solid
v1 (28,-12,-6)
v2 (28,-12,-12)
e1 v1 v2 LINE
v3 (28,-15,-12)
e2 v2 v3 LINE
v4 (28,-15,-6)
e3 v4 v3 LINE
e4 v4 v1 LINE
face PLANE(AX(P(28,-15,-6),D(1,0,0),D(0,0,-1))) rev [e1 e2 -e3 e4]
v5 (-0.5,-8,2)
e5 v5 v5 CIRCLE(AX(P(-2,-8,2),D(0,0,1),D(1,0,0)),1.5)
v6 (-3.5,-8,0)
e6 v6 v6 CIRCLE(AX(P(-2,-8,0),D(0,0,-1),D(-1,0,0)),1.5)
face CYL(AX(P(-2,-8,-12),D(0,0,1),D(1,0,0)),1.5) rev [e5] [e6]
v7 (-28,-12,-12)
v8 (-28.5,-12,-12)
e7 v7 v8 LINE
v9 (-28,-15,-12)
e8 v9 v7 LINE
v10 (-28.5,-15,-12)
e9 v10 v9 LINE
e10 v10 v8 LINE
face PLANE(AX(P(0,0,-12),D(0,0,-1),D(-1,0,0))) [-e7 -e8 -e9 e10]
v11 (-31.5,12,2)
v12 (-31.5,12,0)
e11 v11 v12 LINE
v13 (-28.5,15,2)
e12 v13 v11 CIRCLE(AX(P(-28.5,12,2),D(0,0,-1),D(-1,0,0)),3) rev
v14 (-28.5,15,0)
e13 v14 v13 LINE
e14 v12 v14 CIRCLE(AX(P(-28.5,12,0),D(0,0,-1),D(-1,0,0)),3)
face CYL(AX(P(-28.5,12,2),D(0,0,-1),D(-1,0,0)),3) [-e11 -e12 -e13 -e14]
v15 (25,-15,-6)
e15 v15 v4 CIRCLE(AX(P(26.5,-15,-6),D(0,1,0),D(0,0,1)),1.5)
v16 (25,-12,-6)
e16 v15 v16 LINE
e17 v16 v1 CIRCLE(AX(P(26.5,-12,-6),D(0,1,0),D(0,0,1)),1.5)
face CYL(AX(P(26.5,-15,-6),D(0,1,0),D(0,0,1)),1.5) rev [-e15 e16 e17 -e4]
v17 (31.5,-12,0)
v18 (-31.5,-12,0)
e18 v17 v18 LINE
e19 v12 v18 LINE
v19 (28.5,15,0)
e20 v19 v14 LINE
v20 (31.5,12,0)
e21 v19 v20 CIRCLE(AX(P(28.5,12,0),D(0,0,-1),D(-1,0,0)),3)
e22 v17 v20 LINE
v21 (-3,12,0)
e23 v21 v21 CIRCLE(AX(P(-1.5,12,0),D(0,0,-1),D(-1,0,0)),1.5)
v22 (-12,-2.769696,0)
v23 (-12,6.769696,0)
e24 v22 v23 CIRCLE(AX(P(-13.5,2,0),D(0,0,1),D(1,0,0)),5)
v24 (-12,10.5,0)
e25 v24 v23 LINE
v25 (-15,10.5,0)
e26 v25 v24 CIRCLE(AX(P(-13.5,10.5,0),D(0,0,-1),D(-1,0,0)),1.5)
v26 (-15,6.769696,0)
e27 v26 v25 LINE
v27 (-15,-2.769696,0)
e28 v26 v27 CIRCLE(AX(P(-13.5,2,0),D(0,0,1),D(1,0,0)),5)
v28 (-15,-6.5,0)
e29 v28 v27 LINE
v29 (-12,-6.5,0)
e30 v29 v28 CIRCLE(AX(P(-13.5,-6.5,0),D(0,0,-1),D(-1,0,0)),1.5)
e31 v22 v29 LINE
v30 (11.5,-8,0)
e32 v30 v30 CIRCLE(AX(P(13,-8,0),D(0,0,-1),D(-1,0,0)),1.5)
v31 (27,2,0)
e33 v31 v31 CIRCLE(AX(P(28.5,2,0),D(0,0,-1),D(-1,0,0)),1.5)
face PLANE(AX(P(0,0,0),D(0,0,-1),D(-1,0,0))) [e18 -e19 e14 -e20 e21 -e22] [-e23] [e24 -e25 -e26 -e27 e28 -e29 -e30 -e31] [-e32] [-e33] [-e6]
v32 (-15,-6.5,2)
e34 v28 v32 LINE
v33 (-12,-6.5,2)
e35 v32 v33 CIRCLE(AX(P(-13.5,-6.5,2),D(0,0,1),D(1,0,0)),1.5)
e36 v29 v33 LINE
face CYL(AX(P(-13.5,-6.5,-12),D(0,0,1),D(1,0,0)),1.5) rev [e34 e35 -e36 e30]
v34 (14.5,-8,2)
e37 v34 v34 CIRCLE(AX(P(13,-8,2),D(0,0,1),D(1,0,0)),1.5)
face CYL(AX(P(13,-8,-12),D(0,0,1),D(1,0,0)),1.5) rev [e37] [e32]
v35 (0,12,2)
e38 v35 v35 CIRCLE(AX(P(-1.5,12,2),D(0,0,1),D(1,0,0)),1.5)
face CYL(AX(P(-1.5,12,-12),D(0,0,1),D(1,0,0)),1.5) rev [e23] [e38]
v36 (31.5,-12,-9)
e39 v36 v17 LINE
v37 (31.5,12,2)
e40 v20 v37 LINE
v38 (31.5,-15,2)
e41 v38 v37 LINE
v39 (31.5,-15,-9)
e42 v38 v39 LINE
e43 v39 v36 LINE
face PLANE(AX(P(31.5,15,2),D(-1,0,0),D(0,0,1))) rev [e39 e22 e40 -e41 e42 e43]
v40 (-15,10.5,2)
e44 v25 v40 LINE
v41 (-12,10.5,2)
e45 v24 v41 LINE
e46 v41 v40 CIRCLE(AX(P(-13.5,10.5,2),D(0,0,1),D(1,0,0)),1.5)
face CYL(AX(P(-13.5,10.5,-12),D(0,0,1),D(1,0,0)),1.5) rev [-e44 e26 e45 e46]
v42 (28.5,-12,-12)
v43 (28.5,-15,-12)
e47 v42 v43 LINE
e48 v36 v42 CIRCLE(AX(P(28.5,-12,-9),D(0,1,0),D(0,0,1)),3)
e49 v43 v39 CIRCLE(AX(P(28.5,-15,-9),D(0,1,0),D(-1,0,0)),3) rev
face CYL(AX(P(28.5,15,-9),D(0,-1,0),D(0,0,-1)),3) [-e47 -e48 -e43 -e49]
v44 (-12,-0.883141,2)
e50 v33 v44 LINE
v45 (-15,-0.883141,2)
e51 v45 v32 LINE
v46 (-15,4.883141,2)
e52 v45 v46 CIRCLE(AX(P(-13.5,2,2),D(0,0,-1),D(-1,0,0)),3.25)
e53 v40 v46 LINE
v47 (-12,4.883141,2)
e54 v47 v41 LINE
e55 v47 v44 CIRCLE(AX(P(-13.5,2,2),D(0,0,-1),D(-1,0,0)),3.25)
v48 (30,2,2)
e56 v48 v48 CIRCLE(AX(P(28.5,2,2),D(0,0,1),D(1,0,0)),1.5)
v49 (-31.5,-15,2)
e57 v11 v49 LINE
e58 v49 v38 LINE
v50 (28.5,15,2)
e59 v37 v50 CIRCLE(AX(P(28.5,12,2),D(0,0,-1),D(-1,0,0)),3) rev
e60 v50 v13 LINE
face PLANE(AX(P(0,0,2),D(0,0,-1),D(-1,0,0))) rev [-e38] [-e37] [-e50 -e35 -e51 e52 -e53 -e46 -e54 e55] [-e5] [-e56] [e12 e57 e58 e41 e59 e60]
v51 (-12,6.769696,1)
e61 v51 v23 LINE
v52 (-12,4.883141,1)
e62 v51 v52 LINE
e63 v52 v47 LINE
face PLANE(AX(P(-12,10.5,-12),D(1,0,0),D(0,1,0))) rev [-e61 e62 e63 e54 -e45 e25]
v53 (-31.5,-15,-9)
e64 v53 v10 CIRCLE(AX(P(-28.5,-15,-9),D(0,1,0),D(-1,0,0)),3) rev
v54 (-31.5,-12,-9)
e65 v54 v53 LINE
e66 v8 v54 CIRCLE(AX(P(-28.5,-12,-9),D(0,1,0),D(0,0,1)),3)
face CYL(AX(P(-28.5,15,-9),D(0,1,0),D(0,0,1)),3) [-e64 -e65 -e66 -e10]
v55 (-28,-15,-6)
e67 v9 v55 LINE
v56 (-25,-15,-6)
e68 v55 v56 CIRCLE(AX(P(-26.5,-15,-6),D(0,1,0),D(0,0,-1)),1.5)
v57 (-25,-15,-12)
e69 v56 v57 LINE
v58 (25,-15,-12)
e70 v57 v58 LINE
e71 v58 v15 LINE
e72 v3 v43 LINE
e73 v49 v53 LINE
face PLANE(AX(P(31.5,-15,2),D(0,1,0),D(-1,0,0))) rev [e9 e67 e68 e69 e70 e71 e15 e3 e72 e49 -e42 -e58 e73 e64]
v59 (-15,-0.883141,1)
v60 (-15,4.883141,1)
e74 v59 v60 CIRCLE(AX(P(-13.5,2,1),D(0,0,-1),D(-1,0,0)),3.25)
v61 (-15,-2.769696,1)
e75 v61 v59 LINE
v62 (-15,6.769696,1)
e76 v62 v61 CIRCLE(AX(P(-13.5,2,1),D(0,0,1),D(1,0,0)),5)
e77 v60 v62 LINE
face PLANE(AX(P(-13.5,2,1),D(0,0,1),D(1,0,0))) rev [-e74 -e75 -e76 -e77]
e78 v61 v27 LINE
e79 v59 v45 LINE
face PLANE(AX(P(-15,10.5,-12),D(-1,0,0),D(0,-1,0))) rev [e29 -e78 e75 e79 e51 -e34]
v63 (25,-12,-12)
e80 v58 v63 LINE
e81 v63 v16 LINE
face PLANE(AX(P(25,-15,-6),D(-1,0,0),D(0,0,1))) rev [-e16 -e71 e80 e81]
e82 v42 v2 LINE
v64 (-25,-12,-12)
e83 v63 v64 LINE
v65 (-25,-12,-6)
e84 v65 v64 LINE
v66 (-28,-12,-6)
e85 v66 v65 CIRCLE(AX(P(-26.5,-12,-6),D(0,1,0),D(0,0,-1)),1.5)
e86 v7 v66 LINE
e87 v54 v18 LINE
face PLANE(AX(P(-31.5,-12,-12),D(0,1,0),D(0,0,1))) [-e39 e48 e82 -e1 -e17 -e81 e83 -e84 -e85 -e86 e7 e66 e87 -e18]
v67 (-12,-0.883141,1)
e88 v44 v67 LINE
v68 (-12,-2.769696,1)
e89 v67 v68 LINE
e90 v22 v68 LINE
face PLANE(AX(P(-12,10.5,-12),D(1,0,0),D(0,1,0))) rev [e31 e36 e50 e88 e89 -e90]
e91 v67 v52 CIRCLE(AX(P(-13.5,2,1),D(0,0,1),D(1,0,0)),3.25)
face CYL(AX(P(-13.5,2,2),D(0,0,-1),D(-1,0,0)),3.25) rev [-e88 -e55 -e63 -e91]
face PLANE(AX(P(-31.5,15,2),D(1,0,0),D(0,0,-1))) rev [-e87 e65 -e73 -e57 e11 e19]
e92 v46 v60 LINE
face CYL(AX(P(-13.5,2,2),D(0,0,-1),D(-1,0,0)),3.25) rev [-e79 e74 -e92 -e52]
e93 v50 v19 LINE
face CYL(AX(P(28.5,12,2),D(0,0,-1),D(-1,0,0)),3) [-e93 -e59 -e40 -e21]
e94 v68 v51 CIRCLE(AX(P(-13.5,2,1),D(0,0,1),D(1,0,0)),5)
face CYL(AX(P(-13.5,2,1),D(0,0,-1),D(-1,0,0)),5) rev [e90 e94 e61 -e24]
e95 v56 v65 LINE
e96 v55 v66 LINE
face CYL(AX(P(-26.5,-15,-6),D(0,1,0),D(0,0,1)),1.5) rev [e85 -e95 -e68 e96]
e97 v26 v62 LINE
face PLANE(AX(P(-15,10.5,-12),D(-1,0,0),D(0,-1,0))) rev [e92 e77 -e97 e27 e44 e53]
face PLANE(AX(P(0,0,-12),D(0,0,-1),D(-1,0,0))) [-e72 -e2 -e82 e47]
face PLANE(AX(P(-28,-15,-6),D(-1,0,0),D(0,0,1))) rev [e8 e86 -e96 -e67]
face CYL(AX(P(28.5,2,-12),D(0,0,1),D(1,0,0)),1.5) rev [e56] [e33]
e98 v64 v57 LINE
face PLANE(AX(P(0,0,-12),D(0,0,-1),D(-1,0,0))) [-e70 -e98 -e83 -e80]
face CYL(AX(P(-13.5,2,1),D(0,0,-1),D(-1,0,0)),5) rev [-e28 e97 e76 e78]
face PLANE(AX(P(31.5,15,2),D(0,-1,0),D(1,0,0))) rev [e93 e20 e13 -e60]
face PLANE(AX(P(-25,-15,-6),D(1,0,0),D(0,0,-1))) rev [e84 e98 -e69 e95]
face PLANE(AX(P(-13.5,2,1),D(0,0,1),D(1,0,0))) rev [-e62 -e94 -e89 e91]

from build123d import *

# Parameters (mm, degrees)
SKETCH1_W           = 63
SKETCH1_H           = 30
BOSS_EXTRUDE1_DEPTH = 2
SKETCH2_W           = 63
SKETCH2_H           = 3
BOSS_EXTRUDE2_DEPTH = 12
CUT_EXTRUDE1_DEPTH  = 44.188540147
FILLET1_R           = 3
CUT_EXTRUDE2_DEPTH  = 38.593217473
SKETCH5_R           = 5
CUT_EXTRUDE3_DEPTH  = 1
SKETCH6_R           = 3.25
CUT_EXTRUDE4_DEPTH  = 38.232378382
SKETCH7_R           = 1.5
CUT_EXTRUDE5_DEPTH  = 38.593217473


with BuildPart() as part:
    # Sketch1 → Boss-Extrude1 (new body)
    with BuildSketch(Plane.XY):
        Rectangle(SKETCH1_W, SKETCH1_H)
    extrude(amount=BOSS_EXTRUDE1_DEPTH)

    # Sketch2 → Boss-Extrude2 (add)
    with BuildSketch(Plane.XY):
        with Locations((0, -13.5)):
            Rectangle(SKETCH2_W, SKETCH2_H)
    extrude(amount=-BOSS_EXTRUDE2_DEPTH)

    # Sketch3 → Cut-Extrude1 (cut, through all)
    with BuildSketch(Plane(origin=(0, -12, 0), x_dir=(1, 0, 0), z_dir=(0, 1, 0))):
        with BuildLine():
            Line((25, 6), (25, 18))
            ThreePointArc((25, 18), (26.5, 19.5), (28, 18))
            Line((28, 18), (28, 6))
            ThreePointArc((28, 6), (26.5, 4.5), (25, 6))
        make_face()
        with BuildLine():
            Line((-25, 6), (-25, 18))
            ThreePointArc((-25, 18), (-26.5, 19.5), (-28, 18))
            Line((-28, 18), (-28, 6))
            ThreePointArc((-28, 6), (-26.5, 4.5), (-25, 6))
        make_face()
    extrude(amount=-CUT_EXTRUDE1_DEPTH, mode=Mode.SUBTRACT)

    # Fillet1
    fillet1_edges = [part.edges().sort_by_distance(p)[0] for p in [
        (-31.5, -13.5, -12),
        (31.5, -13.5, -12),
        (-31.5, 15, 1),
        (31.5, 15, 1),
    ]]
    fillet(fillet1_edges, radius=FILLET1_R)

    # Sketch4 → Cut-Extrude2 (cut, through all)
    with BuildSketch(Plane.XY.offset(2)):
        with BuildLine():
            Line((-12, 10.5), (-12, -6.5))
            ThreePointArc((-12, -6.5), (-13.5, -8), (-15, -6.5))
            Line((-15, -6.5), (-15, 10.5))
            ThreePointArc((-15, 10.5), (-13.5, 12), (-12, 10.5))
        make_face()
    extrude(amount=-CUT_EXTRUDE2_DEPTH, mode=Mode.SUBTRACT)

    # Sketch5 → Cut-Extrude3 (cut)
    with BuildSketch(Plane.XY):
        with Locations((-13.5, 2)):
            Circle(SKETCH5_R)
    extrude(amount=CUT_EXTRUDE3_DEPTH, mode=Mode.SUBTRACT)

    # Sketch6 → Cut-Extrude4 (cut, through all)
    with BuildSketch(Plane(origin=(0, 0, 1), x_dir=(-1, 0, 0), z_dir=(0, 0, -1))):
        with Locations((13.5, 2)):
            Circle(SKETCH6_R)
    extrude(amount=-CUT_EXTRUDE4_DEPTH, mode=Mode.SUBTRACT)

    # Sketch7 → Cut-Extrude5 (cut, through all)
    with BuildSketch(Plane.XY.offset(2)):
        with Locations((28.5, 2)):
            Circle(SKETCH7_R)
        with Locations((-1.5, 12)):
            Circle(SKETCH7_R)
        with Locations((-2, -8)):
            Circle(SKETCH7_R)
        with Locations((13, -8)):
            Circle(SKETCH7_R)
    extrude(amount=-CUT_EXTRUDE5_DEPTH, mode=Mode.SUBTRACT)


solid = part.part
